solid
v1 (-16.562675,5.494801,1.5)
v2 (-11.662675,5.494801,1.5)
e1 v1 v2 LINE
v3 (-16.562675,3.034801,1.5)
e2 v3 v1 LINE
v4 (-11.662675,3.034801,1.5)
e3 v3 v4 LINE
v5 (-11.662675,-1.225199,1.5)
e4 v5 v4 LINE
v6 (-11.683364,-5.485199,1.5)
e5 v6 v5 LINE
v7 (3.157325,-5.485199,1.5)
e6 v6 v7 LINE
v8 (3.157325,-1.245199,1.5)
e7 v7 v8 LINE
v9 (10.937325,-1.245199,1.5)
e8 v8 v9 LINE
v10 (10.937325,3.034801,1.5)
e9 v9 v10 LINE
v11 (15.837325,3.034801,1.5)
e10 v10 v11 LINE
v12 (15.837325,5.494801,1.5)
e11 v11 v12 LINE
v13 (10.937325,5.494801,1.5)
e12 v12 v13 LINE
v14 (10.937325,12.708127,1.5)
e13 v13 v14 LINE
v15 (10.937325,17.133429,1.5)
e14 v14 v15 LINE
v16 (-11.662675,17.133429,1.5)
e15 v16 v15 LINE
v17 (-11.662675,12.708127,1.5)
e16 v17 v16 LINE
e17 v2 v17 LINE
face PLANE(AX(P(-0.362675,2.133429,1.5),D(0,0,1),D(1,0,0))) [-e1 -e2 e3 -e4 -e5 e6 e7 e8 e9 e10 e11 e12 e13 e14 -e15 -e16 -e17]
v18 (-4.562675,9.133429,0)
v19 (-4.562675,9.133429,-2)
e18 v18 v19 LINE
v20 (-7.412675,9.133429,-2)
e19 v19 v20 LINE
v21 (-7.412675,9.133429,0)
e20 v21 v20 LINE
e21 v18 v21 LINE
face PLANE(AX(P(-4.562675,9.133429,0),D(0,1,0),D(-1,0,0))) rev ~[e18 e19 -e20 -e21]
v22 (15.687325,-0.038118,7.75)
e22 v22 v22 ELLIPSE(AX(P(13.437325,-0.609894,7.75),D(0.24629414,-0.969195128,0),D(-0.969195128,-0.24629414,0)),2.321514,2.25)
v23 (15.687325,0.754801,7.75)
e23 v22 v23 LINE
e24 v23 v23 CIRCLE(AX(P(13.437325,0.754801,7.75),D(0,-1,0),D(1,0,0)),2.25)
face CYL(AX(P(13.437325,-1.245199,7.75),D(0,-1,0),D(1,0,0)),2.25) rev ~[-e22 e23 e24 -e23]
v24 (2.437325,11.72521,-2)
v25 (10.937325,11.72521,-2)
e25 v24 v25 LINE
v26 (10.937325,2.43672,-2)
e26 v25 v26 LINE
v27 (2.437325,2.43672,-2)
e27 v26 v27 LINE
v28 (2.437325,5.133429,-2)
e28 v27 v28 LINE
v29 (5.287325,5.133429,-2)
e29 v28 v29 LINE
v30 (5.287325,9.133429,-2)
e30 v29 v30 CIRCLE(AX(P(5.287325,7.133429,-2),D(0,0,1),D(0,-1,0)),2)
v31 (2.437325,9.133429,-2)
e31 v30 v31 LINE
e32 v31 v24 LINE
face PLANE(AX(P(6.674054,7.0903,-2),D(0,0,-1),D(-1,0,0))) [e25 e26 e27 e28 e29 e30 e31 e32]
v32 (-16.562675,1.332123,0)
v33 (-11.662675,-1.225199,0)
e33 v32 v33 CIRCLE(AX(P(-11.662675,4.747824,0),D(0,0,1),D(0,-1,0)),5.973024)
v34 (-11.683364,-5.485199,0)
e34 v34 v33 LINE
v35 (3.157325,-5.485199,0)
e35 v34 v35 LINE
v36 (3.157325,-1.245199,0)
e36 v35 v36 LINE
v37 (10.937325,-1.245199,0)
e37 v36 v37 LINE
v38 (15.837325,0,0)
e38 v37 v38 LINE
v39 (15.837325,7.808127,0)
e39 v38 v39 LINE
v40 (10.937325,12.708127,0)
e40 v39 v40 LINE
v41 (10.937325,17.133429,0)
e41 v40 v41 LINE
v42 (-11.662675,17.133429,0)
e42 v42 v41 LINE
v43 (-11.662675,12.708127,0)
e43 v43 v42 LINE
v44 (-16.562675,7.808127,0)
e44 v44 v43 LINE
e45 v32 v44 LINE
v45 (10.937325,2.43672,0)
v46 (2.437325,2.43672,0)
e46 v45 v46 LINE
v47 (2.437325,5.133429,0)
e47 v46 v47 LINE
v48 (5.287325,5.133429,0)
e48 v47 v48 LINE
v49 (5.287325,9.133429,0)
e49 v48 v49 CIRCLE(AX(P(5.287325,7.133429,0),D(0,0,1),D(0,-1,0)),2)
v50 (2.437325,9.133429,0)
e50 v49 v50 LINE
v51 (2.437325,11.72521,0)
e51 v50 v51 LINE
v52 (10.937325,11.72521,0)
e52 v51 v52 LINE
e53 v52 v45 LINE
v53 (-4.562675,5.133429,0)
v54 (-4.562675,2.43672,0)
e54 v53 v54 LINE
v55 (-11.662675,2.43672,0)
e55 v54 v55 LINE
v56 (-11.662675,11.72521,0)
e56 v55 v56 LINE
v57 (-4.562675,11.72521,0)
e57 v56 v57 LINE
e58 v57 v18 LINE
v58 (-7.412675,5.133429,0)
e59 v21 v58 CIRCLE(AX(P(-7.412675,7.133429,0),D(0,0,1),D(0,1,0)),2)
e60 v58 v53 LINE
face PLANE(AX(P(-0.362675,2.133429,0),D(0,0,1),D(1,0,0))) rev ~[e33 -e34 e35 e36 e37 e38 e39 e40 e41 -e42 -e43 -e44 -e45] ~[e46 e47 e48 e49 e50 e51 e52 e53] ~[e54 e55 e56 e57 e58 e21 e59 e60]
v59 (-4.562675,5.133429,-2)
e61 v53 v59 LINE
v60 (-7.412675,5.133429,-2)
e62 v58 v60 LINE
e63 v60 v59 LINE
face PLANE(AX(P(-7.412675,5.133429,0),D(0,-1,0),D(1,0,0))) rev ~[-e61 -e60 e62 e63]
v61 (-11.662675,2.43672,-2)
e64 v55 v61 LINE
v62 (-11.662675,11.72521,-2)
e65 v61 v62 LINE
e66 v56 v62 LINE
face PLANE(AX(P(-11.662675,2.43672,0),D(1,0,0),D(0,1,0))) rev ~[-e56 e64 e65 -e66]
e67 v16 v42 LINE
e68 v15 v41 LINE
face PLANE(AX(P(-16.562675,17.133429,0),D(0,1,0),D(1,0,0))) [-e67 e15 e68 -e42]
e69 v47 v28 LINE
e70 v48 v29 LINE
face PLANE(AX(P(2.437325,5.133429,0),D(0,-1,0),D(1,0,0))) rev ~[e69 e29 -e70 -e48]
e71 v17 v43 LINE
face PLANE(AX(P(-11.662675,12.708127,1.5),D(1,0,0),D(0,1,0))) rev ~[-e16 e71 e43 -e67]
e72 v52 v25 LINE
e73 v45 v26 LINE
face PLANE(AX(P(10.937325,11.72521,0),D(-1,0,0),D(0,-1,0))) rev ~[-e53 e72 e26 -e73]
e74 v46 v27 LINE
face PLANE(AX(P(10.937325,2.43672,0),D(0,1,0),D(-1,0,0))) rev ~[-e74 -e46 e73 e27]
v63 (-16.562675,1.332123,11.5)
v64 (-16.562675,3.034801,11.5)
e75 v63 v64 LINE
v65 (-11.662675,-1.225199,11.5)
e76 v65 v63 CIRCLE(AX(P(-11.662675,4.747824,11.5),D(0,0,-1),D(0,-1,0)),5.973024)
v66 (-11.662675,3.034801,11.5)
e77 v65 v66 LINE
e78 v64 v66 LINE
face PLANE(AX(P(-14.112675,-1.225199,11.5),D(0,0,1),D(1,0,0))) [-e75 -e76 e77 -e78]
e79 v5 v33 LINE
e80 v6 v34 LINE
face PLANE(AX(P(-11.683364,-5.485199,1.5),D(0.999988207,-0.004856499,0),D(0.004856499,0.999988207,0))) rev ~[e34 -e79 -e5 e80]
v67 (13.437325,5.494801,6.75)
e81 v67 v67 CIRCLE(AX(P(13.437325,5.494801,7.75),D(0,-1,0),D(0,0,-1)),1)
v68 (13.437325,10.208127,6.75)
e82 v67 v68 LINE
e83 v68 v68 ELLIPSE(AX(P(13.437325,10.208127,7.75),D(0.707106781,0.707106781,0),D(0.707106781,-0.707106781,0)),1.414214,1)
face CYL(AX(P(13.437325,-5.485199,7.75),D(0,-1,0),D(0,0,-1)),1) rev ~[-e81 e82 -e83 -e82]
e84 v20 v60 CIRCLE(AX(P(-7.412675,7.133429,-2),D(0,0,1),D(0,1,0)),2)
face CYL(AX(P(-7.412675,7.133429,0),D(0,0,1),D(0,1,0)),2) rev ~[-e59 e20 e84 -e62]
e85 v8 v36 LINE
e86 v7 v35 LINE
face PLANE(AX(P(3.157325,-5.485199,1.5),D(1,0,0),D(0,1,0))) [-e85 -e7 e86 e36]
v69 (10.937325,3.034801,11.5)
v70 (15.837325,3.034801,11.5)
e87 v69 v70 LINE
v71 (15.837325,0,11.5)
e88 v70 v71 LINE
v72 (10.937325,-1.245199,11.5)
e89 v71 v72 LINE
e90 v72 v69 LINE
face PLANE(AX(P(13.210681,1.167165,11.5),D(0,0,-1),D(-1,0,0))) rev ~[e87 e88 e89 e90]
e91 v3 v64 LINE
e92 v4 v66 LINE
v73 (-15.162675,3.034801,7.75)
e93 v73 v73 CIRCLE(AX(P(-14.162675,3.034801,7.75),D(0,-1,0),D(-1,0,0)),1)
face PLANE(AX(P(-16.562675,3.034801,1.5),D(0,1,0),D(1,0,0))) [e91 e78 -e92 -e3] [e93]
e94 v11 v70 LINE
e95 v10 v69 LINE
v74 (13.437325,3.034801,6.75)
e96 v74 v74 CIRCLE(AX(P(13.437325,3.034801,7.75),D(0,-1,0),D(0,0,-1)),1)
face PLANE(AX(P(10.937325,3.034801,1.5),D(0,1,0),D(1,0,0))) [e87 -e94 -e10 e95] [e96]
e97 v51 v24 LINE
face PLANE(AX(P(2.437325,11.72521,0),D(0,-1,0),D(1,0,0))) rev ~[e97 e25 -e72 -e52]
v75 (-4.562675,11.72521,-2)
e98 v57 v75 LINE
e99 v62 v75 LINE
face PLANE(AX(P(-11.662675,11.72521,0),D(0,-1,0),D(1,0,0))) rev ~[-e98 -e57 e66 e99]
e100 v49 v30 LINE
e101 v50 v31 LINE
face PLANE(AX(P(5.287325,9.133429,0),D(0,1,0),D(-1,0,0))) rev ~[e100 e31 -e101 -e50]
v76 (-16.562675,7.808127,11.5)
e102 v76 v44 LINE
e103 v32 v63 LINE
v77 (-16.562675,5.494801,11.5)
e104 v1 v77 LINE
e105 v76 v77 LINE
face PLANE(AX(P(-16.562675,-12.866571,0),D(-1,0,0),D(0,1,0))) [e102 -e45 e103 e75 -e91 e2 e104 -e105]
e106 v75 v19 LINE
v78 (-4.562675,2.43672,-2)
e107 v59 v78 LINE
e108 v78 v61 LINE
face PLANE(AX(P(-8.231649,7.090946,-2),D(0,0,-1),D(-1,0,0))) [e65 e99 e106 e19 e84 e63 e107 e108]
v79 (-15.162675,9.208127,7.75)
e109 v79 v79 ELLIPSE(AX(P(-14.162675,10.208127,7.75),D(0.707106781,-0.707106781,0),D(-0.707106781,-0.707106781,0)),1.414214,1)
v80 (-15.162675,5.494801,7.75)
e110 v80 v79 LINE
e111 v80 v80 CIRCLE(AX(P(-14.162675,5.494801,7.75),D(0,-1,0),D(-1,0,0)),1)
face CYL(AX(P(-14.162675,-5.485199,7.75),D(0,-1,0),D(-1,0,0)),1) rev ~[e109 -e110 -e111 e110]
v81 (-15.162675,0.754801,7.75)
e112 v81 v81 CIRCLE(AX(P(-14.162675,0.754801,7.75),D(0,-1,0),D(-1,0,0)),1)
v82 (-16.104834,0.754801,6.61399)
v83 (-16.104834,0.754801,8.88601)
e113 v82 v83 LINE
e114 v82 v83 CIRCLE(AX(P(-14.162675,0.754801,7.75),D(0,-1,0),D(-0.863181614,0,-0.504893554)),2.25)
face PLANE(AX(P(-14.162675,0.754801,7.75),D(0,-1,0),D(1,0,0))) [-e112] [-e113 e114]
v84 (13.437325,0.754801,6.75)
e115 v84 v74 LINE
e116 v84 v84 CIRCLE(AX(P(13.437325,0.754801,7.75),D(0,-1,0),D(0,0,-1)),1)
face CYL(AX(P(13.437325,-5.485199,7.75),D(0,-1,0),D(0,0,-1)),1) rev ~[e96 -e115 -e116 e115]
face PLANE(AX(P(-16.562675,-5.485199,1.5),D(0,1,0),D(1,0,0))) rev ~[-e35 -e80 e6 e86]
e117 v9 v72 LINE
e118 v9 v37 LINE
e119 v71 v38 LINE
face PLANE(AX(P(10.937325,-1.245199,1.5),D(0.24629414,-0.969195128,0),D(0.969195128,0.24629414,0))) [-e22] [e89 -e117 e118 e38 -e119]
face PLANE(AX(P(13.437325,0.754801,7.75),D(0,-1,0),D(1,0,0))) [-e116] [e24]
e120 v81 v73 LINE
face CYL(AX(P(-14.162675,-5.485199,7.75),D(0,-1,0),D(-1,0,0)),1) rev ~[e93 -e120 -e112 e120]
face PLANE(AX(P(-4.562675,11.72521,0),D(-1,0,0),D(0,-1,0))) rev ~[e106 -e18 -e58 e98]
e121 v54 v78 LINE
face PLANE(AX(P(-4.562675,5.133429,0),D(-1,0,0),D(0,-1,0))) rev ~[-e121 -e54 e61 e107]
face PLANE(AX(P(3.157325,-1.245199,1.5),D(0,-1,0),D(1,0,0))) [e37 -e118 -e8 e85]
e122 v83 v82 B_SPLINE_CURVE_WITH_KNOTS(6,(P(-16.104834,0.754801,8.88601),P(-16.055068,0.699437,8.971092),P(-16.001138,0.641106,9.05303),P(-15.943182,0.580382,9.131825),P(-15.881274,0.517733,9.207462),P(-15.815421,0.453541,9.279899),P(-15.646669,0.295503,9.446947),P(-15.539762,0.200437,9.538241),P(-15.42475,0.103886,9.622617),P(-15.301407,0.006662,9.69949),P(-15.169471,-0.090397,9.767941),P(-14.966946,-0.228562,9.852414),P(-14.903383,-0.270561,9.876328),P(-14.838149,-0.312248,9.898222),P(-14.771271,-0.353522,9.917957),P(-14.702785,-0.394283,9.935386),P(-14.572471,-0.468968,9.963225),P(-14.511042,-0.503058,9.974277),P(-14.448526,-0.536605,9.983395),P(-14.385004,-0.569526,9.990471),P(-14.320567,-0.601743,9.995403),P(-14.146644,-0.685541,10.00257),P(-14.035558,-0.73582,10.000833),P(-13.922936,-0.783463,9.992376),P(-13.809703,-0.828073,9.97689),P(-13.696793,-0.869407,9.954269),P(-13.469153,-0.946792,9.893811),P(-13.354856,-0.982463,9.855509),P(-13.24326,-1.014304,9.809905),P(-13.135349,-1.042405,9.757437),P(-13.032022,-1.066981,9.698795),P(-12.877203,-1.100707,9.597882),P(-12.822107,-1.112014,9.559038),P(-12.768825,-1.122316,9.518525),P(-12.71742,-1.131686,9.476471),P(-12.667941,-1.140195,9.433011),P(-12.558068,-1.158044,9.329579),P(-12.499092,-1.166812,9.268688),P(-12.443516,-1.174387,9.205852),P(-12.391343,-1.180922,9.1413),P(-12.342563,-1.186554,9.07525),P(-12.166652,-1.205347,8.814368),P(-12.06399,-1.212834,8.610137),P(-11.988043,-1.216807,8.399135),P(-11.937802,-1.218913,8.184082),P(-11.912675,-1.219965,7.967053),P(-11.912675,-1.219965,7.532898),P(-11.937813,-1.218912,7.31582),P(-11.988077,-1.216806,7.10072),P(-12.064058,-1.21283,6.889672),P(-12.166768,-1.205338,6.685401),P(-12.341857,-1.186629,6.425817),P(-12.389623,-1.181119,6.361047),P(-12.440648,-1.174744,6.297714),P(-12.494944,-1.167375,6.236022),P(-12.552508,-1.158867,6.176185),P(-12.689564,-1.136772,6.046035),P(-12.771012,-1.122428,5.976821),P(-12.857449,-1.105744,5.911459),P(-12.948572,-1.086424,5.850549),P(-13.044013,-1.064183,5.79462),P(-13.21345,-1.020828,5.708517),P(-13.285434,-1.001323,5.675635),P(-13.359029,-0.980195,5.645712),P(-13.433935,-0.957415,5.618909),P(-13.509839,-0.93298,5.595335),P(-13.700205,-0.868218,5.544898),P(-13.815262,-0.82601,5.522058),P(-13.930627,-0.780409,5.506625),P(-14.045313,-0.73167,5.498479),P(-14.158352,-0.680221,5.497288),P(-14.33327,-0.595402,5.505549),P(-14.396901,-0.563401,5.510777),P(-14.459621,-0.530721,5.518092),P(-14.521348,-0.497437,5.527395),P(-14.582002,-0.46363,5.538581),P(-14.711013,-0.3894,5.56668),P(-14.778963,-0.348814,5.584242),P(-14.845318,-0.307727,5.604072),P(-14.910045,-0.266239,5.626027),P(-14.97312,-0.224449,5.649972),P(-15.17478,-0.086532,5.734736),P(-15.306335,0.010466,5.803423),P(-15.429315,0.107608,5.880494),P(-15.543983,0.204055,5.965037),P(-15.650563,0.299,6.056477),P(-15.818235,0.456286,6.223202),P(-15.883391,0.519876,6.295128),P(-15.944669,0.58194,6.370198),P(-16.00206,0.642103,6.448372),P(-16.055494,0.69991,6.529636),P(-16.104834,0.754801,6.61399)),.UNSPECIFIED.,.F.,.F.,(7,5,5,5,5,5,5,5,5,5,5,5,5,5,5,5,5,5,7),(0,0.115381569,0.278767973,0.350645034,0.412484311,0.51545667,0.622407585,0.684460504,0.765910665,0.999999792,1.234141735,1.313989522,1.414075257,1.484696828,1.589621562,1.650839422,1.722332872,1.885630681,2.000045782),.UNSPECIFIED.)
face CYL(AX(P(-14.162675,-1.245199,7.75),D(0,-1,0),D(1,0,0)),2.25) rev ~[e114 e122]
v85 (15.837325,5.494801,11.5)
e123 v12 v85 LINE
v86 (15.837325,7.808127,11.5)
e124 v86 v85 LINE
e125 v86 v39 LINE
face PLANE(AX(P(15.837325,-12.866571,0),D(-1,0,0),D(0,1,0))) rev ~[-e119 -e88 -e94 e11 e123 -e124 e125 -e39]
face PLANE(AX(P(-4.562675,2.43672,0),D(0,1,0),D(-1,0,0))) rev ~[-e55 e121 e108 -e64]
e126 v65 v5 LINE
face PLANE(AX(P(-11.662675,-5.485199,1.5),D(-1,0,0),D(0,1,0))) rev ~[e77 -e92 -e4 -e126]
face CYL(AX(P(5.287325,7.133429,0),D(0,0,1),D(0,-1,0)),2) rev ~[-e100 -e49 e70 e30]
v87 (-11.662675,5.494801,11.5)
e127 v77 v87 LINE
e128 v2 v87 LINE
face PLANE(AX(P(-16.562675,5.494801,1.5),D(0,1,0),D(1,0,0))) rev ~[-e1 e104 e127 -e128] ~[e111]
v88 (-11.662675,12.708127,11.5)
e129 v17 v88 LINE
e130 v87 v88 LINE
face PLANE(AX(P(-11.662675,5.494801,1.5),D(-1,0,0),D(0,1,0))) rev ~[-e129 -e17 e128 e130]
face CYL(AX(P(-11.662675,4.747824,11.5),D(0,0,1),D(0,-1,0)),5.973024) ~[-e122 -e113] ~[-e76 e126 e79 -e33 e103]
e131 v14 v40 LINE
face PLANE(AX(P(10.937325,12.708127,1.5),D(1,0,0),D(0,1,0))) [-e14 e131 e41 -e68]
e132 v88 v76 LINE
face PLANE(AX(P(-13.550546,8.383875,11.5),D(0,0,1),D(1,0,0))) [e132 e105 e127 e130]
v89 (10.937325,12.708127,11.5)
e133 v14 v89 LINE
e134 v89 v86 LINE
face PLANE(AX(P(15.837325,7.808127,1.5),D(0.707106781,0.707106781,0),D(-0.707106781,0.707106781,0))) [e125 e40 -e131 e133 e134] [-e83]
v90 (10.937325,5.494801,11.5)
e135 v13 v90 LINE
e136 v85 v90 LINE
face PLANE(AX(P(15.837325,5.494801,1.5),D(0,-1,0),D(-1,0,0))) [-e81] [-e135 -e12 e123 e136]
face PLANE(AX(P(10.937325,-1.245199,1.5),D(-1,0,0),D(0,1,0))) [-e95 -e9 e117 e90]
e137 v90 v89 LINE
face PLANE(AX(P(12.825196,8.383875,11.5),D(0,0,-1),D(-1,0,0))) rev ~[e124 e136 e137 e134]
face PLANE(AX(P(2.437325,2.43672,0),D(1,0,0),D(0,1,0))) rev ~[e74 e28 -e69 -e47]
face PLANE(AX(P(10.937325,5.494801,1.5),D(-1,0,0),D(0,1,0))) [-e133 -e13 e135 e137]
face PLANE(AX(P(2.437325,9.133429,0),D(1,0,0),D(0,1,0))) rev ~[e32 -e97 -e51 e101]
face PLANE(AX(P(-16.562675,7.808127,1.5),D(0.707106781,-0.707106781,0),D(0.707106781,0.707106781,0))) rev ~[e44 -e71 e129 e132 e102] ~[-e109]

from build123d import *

# Parameters (mm, degrees)
SKETCH_1_W          = 32.4
SKETCH_1_H          = 30
EXTRUDE_1_DEPTH     = 1.5
SKETCH_2_W          = 4.9
SKETCH_2_H          = 8.52
EXTRUDE_2_DEPTH     = 10
CUT_EXTRUDE_1_DEPTH = 11.5
SKETCH_4_R          = 1
CUT_EXTRUDE_2_DEPTH = 31.5
CUT_EXTRUDE_3_DEPTH = 10
EXTRUDE_3_DEPTH     = 2
CUT_EXTRUDE_4_DEPTH = 6
SKETCH_8_R          = 2.25
CUT_EXTRUDE_5_DEPTH = 2


with BuildPart() as part:
    # 草图1 → 凸台-拉伸1 (new body)
    with BuildSketch(Plane.XY):
        with Locations((-0.362675268, 2.133428793)):
            Rectangle(SKETCH_1_W, SKETCH_1_H)
    extrude(amount=EXTRUDE_1_DEPTH)

    # 草图2 → 凸台-拉伸2 (add)
    with BuildSketch(Plane.XY.offset(1.5)):
        with Locations((-14.112675268, -1.225199495)):
            Rectangle(SKETCH_2_W, SKETCH_2_H)
        Polygon((-16.562675268, 5.494800505), (-11.662675268, 5.494800505), (-11.662675268, 12.70812694), (-16.562675268, 7.80812694), align=None)
        Polygon((10.937324732, 5.494800505), (10.937324732, 12.70812694), (15.837324732, 7.80812694), (15.837324732, 5.494800505), align=None)
        Polygon((10.937324732, 3.034800505), (15.837324732, 3.034800505), (15.837324732, 0), (10.937324732, -1.245199495), align=None)
    extrude(amount=EXTRUDE_2_DEPTH)

    # 草图3 → 切除-拉伸1 (cut)
    with BuildSketch(Plane.XY.offset(1.5)):
        Polygon((-16.562675268, 7.80812694), (-11.662675268, 12.70812694), (-11.662675268, 17.133428793), (-16.562675268, 17.133428793), align=None)
        Polygon((15.837324732, 7.80812694), (10.937324732, 12.70812694), (10.937324732, 17.133428793), (15.837324732, 17.133428793), align=None)
        Polygon((-16.562675268, -12.866571207), (-16.562675268, -8.702000753), (-16.562675268, -5.485199495), (3.157324732, -5.485199495), (3.157324732, -1.245199495), (10.937324732, -1.245199495), (15.837324732, 0), (15.837324732, -12.866571207), align=None)
    extrude(amount=-CUT_EXTRUDE_1_DEPTH, mode=Mode.SUBTRACT)

    # 草图4 → 切除-拉伸2 (cut)
    with BuildSketch(Plane.XZ.offset(5.485199495)):
        with Locations(Location((-14.162675268, 7.75, 0), (0, 0, 180))):
            Circle(SKETCH_4_R)
        with Locations(Location((13.437324732, 7.75, 0), (0, 0, 270))):
            Circle(SKETCH_4_R)
    extrude(amount=-CUT_EXTRUDE_2_DEPTH, mode=Mode.SUBTRACT)

    # 草图5 → 切除-拉伸3 (cut)
    with BuildSketch(Plane.XY.offset(11.5)):
        with BuildLine():
            Line((-11.662675268, -5.485199495), (-11.662675268, -1.225199495))
            ThreePointArc((-11.662675268, -1.225199495), (-14.426273503, -0.547412969), (-16.562675268, 1.332123483))
            Line((-16.562675268, 1.332123483), (-16.562675268, -5.485199495))
            Line((-16.562675268, -5.485199495), (-11.662675268, -5.485199495))
        make_face()
    extrude(amount=-CUT_EXTRUDE_3_DEPTH, mode=Mode.SUBTRACT)

    # 草图6 → 凸台-拉伸3 (add)
    with BuildSketch(Plane(origin=(0, 0, 0), x_dir=(-1, 0, 0), z_dir=(0, 0, -1))):
        with BuildLine():
            Line((4.562675268, 9.133428793), (7.412675268, 9.133428793))
            ThreePointArc((7.412675268, 9.133428793), (9.412675268, 7.133428793), (7.412675268, 5.133428793))
            Line((7.412675268, 5.133428793), (4.562675268, 5.133428793))
            Line((4.562675268, 5.133428793), (4.562675268, 2.436720349))
            Line((4.562675268, 2.436720349), (11.662675268, 2.436720349))
            Line((11.662675268, 2.436720349), (11.662675268, 11.725210418))
            Line((11.662675268, 11.725210418), (4.562675268, 11.725210418))
            Line((4.562675268, 11.725210418), (4.562675268, 9.133428793))
        make_face()
        with BuildLine():
            Line((-5.287324731, 9.133428793), (-2.437324732, 9.133428793))
            Line((-2.437324732, 9.133428793), (-2.437324732, 11.725210418))
            Line((-2.437324732, 11.725210418), (-10.937324732, 11.725210418))
            Line((-10.937324732, 11.725210418), (-10.937324732, 2.436720349))
            Line((-10.937324732, 2.436720349), (-2.437324732, 2.436720349))
            Line((-2.437324732, 2.436720349), (-2.437324732, 5.133428793))
            Line((-2.437324732, 5.133428793), (-5.287324731, 5.133428793))
            ThreePointArc((-5.287324731, 5.133428793), (-7.287324731, 7.133428793), (-5.287324731, 9.133428793))
        make_face()
    extrude(amount=EXTRUDE_3_DEPTH)

    # 草图7 → 切除-拉伸4 (cut)
    with BuildSketch(Plane.XY.offset(1.5)):
        with BuildLine():
            Line((-16.562675268, 1.332123483), (-16.562675268, -5.485199495))
            Line((-16.562675268, -5.485199495), (-11.683364196, -5.485199495))
            Line((-11.683364196, -5.485199495), (-11.662675268, -1.225199495))
            ThreePointArc((-11.662675268, -1.225199495), (-14.426273503, -0.547412969), (-16.562675268, 1.332123483))
        make_face()
    extrude(amount=-CUT_EXTRUDE_4_DEPTH, mode=Mode.SUBTRACT)

    # 草图8 → 切除-拉伸5 (cut)
    with BuildSketch(Plane.XZ.offset(1.245199495)):
        with Locations((13.437324732, 7.75)):
            Circle(SKETCH_8_R)
        with Locations((-14.162675268, 7.75)):
            Circle(SKETCH_8_R)
    extrude(amount=-CUT_EXTRUDE_5_DEPTH, mode=Mode.SUBTRACT)


solid = part.part
